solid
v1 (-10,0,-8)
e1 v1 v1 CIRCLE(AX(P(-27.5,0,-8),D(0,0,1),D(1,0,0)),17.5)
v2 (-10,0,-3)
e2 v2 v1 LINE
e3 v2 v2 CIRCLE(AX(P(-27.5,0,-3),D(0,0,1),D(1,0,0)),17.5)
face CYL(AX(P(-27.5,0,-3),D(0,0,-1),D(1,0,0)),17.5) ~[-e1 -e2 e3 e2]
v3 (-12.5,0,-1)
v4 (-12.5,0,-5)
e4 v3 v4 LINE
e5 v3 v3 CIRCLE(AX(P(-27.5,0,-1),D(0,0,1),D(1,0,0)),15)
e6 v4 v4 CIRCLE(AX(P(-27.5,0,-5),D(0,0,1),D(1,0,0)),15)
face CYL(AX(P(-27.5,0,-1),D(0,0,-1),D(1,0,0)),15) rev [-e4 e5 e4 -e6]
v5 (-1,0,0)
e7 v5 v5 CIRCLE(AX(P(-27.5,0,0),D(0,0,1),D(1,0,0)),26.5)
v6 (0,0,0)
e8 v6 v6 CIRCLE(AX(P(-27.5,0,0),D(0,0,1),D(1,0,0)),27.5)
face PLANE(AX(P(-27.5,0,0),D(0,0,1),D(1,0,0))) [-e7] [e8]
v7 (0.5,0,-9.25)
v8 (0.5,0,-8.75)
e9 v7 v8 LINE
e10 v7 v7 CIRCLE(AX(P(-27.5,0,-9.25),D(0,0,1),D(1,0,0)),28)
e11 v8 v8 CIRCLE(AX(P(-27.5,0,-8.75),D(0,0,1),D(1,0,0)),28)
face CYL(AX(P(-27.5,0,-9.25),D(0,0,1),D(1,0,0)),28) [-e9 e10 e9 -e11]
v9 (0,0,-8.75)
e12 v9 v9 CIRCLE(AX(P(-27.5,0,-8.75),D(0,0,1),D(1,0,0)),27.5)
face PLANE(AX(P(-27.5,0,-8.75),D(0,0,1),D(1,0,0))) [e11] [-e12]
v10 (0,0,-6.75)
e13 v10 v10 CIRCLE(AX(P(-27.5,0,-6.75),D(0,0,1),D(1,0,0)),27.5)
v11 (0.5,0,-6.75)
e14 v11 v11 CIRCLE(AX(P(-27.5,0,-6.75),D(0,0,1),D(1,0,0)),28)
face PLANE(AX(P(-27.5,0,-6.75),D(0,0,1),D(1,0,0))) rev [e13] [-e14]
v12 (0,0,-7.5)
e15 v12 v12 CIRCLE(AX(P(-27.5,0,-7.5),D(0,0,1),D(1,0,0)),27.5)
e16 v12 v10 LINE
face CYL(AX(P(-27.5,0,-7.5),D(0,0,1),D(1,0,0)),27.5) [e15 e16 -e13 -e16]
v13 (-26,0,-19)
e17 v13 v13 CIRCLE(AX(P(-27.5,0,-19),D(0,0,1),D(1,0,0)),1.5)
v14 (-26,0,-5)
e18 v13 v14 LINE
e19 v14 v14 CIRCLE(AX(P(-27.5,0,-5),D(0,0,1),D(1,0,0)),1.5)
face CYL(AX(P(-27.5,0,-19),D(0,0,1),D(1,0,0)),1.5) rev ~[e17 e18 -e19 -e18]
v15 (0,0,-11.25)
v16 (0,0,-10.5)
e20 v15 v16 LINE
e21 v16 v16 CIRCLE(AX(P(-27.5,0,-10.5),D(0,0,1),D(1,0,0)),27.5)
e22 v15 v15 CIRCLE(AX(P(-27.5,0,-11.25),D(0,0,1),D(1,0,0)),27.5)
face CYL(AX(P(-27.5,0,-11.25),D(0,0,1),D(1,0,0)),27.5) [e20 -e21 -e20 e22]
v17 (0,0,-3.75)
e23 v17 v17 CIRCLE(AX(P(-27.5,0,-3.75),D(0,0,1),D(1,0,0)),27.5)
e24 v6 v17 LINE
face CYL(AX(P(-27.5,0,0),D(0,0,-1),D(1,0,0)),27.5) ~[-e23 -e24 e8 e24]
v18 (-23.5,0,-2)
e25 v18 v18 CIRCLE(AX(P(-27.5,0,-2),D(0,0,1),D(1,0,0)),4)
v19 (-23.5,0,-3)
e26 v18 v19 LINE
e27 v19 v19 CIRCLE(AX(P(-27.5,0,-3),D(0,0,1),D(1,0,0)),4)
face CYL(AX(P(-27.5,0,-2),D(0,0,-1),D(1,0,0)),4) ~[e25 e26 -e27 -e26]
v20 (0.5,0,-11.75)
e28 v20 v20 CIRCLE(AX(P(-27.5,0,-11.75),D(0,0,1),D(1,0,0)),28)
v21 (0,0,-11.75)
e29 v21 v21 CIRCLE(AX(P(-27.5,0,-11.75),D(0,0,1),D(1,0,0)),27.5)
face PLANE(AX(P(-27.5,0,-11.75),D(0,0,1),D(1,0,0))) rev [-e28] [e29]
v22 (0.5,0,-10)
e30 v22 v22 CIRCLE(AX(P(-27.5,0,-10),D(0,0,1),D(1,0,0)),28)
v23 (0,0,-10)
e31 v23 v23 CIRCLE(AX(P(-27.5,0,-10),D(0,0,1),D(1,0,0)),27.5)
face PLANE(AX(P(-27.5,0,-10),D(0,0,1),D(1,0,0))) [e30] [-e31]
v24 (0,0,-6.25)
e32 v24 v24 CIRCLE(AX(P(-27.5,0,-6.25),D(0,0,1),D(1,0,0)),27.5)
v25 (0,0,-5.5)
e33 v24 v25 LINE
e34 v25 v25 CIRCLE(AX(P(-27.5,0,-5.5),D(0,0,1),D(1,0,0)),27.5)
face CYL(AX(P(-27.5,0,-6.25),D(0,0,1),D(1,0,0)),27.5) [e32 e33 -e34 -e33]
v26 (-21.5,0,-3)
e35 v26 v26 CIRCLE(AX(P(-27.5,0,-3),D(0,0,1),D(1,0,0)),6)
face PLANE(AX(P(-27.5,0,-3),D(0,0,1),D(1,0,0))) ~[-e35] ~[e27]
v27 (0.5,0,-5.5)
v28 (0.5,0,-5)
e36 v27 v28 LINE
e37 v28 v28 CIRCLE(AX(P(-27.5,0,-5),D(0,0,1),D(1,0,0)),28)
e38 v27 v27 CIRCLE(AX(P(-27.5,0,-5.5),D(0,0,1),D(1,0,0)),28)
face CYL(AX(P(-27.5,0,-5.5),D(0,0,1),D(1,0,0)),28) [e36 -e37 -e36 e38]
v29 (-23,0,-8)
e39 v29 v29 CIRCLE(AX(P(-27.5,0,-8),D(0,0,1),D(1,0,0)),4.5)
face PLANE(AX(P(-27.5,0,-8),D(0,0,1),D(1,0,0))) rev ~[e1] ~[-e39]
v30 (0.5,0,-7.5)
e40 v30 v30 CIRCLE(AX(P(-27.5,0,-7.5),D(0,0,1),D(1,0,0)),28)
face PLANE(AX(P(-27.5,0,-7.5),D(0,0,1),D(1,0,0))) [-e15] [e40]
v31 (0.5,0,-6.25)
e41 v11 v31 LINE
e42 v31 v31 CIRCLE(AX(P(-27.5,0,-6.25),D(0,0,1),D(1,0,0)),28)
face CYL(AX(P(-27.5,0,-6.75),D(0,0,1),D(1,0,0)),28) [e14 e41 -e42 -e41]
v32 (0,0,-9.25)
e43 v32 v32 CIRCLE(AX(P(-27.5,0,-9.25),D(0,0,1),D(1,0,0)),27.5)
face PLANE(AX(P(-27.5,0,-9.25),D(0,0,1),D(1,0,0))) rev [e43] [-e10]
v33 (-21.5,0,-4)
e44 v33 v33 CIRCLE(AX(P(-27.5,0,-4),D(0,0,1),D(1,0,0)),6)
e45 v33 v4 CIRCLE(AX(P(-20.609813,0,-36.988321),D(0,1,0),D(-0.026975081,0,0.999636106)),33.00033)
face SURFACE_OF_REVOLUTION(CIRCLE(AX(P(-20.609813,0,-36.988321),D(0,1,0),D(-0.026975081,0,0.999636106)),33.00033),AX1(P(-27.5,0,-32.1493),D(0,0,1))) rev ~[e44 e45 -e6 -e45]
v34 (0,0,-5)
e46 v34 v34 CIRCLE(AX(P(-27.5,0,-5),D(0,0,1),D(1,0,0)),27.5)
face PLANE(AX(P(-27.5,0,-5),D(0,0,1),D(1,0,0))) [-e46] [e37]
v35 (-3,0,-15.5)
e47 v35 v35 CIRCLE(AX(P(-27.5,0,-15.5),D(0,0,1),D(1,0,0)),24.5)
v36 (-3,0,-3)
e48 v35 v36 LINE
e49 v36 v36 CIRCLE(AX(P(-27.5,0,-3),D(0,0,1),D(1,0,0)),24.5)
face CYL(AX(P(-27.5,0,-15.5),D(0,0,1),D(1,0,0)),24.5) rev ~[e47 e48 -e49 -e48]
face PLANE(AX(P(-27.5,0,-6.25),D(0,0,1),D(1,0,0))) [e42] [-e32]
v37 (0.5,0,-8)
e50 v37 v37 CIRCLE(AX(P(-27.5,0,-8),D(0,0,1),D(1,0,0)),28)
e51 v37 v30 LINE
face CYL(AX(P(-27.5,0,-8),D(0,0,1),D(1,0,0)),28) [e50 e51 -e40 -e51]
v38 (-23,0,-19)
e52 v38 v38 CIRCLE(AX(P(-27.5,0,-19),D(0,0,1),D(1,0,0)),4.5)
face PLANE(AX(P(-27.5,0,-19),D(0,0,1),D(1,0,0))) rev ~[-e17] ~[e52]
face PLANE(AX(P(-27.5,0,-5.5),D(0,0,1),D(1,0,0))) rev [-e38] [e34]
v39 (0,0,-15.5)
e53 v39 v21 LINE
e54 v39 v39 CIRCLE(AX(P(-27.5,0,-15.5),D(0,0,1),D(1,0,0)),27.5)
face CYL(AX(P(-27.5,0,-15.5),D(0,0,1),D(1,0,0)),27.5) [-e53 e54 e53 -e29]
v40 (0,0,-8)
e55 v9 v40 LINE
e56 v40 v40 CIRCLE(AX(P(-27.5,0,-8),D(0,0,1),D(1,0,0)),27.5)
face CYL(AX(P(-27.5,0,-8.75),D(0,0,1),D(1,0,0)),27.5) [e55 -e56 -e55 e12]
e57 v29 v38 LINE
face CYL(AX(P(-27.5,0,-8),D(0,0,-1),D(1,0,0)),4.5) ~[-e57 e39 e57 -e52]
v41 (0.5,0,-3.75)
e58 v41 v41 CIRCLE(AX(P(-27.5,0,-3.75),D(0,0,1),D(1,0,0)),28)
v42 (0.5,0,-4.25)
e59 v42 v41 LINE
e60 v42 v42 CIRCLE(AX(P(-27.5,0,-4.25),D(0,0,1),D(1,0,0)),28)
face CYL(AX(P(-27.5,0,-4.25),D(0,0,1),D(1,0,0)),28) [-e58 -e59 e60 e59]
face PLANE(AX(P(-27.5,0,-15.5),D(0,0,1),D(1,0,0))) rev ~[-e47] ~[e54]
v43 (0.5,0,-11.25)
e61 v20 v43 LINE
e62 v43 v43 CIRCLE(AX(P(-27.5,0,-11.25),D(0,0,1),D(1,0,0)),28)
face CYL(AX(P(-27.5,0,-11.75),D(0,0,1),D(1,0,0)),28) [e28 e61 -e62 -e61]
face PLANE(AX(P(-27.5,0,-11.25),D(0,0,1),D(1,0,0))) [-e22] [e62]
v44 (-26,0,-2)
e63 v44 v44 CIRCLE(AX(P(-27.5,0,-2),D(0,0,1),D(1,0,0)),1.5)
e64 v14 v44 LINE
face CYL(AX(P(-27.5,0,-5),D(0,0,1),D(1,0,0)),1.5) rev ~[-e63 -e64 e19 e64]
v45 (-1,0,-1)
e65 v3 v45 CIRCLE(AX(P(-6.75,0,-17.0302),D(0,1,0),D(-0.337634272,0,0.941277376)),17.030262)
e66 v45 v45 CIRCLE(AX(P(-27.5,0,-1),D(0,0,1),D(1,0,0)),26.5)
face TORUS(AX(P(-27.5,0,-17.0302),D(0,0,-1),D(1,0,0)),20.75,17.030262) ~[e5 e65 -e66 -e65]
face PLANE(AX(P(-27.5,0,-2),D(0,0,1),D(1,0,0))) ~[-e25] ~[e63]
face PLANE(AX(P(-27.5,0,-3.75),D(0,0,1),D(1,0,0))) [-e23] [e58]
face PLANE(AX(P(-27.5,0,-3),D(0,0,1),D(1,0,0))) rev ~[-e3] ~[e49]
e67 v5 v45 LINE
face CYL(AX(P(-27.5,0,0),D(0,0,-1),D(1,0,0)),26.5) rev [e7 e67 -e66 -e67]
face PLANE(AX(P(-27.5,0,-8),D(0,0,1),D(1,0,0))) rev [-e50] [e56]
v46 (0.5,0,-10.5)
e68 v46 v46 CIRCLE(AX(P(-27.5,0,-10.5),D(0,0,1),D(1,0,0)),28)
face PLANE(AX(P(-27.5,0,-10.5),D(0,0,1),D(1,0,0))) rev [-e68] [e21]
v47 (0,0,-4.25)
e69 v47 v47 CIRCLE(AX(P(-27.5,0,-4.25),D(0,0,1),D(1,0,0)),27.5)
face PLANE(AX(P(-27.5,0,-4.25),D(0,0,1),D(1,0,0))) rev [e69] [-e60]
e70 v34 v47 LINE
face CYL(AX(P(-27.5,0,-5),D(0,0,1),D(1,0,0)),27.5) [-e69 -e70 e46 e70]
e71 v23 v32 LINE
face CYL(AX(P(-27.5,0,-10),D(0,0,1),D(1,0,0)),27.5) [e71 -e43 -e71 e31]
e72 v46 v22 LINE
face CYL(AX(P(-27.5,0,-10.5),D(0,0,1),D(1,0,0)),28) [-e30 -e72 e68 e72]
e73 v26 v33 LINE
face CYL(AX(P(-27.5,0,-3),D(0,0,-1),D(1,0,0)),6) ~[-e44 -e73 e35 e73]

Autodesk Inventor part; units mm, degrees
ref_plane "YZ Plane" through (0, 0, 0) normal (1, 0, 0) x (0, 1, 0)
ref_plane "XZ Plane" through (0, 0, 0) normal (0, 1, 0) x (-1, 0, 0)
ref_plane "XY Plane" through (0, 0, 0) normal (0, 0, 1) x (1, 0, 0)
sketch "Sketch1" plane through (0, 0, 0) normal (0, 1, 0) x (-1, 0, 0)
  line L0 (0, -15.5) -> (3, -15.5)
  line L1 (3, -15.5) -> (3, -3)
  line L2 (3, -3) -> (10, -3)
  line L3 (10, -3) -> (10, -8)
  line L4 (10, -8) -> (23, -8)
  line L5 (23, -8) -> (23, -19)
  line L6 (23, -19) -> (26, -19)
  line L7 (12.5, -1) -> (12.5, -5)
  line L8 (26, -19) -> (26, -5)
  line L9 (27.5, -32.1493) -> (27.5, 12.13)
  line L10 (26, -5) -> (26, -2)
  line L11 (26, -2) -> (23.5, -2)
  line L12 (23.5, -2) -> (23.5, -3)
  line L13 (23.5, -3) -> (21.5, -3)
  line L14 (21.5, -3) -> (21.5, -4)
  arc A0 (21.5, -4) -> (12.5, -5) centre (20.6098, -36.988) ccw
  line L15 (0, -15.5) -> (0, -11.75)
  line L16 (0, 0) -> (0, -3.75)
  line L17 (0, -11.75) -> (-0.5, -11.75)
  line L18 (-0.5, -11.75) -> (-0.5, -11.25)
  line L19 (-0.5, -11.25) -> (0, -11.25)
  line L20 (0, -11.25) -> (0, -10.5)
  line L21 (0, -10.5) -> (-0.5, -10.5)
  line L22 (-0.5, -10.5) -> (-0.5, -10)
  line L23 (-0.5, -10) -> (0, -10)
  line L24 (0, -10) -> (0, -9.25)
  line L25 (0, -9.25) -> (-0.5, -9.25)
  line L26 (-0.5, -9.25) -> (-0.5, -8.75)
  line L27 (-0.5, -8.75) -> (0, -8.75)
  line L28 (0, -8.75) -> (0, -8)
  line L29 (0, -8) -> (-0.5, -8)
  line L30 (-0.5, -8) -> (-0.5, -7.5)
  line L31 (-0.5, -7.5) -> (0, -7.5)
  line L32 (0, -7.5) -> (0, -6.75)
  line L33 (0, -6.75) -> (-0.5, -6.75)
  line L34 (-0.5, -6.75) -> (-0.5, -6.25)
  line L35 (-0.5, -6.25) -> (0, -6.25)
  line L36 (0, -6.25) -> (0, -5.5)
  line L37 (0, -5.5) -> (-0.5, -5.5)
  line L38 (-0.5, -5.5) -> (-0.5, -5)
  line L39 (-0.5, -5) -> (0, -5)
  line L40 (0, -5) -> (0, -4.25)
  line L41 (0, -4.25) -> (-0.5, -4.25)
  line L42 (-0.5, -4.25) -> (-0.5, -3.75)
  line L43 (-0.5, -3.75) -> (0, -3.75)
  line L44 (0, 0) -> (1, 0)
  line L45 (1, 0) -> (1, -1)
  arc A1 (12.5, -1) -> (1, -1) centre (6.75, -17.0302) ccw
  dimension "d0" = 15.5
  dimension "d1" = 3
  dimension "d2" = 12.5
  dimension "d3" = 7
  dimension "d4" = 5
  dimension "d5" = 13
  dimension "d6" = 11
  dimension "d8" = 3
  dimension "d10" = 4
  dimension "d11" = 13.5
  dimension "d12" = 26
  dimension "d16" = 3
  dimension "d17" = 2.5
  dimension "d18" = 1
  dimension "d19" = 2
  dimension "d20" = 1
  dimension "d21" = 33
  dimension "d22" = 3.75
  dimension "d23" = 3.75
  dimension "d24" = 0.5
  dimension "d25" = 0.5
  dimension "d26" = 0.75
  dimension "d27" = 0.5
  dimension "d28" = 0.75
  dimension "d29" = 0.5
  dimension "d30" = 0.75
  dimension "d31" = 0.5
  dimension "d32" = 0.75
  dimension "d33" = 0.5
  dimension "d34" = 0.75
  dimension "d35" = 0.75
  dimension "d36" = 1
  dimension "d37" = 1
  dimension "d38" = 12.5
revolve "Revolution1" add sketch "Sketch1" angle 360 about axis through (-27.5, 0, -32.1493) along (0, 0, 1)
properties part number "wheel" material "Rubber"
